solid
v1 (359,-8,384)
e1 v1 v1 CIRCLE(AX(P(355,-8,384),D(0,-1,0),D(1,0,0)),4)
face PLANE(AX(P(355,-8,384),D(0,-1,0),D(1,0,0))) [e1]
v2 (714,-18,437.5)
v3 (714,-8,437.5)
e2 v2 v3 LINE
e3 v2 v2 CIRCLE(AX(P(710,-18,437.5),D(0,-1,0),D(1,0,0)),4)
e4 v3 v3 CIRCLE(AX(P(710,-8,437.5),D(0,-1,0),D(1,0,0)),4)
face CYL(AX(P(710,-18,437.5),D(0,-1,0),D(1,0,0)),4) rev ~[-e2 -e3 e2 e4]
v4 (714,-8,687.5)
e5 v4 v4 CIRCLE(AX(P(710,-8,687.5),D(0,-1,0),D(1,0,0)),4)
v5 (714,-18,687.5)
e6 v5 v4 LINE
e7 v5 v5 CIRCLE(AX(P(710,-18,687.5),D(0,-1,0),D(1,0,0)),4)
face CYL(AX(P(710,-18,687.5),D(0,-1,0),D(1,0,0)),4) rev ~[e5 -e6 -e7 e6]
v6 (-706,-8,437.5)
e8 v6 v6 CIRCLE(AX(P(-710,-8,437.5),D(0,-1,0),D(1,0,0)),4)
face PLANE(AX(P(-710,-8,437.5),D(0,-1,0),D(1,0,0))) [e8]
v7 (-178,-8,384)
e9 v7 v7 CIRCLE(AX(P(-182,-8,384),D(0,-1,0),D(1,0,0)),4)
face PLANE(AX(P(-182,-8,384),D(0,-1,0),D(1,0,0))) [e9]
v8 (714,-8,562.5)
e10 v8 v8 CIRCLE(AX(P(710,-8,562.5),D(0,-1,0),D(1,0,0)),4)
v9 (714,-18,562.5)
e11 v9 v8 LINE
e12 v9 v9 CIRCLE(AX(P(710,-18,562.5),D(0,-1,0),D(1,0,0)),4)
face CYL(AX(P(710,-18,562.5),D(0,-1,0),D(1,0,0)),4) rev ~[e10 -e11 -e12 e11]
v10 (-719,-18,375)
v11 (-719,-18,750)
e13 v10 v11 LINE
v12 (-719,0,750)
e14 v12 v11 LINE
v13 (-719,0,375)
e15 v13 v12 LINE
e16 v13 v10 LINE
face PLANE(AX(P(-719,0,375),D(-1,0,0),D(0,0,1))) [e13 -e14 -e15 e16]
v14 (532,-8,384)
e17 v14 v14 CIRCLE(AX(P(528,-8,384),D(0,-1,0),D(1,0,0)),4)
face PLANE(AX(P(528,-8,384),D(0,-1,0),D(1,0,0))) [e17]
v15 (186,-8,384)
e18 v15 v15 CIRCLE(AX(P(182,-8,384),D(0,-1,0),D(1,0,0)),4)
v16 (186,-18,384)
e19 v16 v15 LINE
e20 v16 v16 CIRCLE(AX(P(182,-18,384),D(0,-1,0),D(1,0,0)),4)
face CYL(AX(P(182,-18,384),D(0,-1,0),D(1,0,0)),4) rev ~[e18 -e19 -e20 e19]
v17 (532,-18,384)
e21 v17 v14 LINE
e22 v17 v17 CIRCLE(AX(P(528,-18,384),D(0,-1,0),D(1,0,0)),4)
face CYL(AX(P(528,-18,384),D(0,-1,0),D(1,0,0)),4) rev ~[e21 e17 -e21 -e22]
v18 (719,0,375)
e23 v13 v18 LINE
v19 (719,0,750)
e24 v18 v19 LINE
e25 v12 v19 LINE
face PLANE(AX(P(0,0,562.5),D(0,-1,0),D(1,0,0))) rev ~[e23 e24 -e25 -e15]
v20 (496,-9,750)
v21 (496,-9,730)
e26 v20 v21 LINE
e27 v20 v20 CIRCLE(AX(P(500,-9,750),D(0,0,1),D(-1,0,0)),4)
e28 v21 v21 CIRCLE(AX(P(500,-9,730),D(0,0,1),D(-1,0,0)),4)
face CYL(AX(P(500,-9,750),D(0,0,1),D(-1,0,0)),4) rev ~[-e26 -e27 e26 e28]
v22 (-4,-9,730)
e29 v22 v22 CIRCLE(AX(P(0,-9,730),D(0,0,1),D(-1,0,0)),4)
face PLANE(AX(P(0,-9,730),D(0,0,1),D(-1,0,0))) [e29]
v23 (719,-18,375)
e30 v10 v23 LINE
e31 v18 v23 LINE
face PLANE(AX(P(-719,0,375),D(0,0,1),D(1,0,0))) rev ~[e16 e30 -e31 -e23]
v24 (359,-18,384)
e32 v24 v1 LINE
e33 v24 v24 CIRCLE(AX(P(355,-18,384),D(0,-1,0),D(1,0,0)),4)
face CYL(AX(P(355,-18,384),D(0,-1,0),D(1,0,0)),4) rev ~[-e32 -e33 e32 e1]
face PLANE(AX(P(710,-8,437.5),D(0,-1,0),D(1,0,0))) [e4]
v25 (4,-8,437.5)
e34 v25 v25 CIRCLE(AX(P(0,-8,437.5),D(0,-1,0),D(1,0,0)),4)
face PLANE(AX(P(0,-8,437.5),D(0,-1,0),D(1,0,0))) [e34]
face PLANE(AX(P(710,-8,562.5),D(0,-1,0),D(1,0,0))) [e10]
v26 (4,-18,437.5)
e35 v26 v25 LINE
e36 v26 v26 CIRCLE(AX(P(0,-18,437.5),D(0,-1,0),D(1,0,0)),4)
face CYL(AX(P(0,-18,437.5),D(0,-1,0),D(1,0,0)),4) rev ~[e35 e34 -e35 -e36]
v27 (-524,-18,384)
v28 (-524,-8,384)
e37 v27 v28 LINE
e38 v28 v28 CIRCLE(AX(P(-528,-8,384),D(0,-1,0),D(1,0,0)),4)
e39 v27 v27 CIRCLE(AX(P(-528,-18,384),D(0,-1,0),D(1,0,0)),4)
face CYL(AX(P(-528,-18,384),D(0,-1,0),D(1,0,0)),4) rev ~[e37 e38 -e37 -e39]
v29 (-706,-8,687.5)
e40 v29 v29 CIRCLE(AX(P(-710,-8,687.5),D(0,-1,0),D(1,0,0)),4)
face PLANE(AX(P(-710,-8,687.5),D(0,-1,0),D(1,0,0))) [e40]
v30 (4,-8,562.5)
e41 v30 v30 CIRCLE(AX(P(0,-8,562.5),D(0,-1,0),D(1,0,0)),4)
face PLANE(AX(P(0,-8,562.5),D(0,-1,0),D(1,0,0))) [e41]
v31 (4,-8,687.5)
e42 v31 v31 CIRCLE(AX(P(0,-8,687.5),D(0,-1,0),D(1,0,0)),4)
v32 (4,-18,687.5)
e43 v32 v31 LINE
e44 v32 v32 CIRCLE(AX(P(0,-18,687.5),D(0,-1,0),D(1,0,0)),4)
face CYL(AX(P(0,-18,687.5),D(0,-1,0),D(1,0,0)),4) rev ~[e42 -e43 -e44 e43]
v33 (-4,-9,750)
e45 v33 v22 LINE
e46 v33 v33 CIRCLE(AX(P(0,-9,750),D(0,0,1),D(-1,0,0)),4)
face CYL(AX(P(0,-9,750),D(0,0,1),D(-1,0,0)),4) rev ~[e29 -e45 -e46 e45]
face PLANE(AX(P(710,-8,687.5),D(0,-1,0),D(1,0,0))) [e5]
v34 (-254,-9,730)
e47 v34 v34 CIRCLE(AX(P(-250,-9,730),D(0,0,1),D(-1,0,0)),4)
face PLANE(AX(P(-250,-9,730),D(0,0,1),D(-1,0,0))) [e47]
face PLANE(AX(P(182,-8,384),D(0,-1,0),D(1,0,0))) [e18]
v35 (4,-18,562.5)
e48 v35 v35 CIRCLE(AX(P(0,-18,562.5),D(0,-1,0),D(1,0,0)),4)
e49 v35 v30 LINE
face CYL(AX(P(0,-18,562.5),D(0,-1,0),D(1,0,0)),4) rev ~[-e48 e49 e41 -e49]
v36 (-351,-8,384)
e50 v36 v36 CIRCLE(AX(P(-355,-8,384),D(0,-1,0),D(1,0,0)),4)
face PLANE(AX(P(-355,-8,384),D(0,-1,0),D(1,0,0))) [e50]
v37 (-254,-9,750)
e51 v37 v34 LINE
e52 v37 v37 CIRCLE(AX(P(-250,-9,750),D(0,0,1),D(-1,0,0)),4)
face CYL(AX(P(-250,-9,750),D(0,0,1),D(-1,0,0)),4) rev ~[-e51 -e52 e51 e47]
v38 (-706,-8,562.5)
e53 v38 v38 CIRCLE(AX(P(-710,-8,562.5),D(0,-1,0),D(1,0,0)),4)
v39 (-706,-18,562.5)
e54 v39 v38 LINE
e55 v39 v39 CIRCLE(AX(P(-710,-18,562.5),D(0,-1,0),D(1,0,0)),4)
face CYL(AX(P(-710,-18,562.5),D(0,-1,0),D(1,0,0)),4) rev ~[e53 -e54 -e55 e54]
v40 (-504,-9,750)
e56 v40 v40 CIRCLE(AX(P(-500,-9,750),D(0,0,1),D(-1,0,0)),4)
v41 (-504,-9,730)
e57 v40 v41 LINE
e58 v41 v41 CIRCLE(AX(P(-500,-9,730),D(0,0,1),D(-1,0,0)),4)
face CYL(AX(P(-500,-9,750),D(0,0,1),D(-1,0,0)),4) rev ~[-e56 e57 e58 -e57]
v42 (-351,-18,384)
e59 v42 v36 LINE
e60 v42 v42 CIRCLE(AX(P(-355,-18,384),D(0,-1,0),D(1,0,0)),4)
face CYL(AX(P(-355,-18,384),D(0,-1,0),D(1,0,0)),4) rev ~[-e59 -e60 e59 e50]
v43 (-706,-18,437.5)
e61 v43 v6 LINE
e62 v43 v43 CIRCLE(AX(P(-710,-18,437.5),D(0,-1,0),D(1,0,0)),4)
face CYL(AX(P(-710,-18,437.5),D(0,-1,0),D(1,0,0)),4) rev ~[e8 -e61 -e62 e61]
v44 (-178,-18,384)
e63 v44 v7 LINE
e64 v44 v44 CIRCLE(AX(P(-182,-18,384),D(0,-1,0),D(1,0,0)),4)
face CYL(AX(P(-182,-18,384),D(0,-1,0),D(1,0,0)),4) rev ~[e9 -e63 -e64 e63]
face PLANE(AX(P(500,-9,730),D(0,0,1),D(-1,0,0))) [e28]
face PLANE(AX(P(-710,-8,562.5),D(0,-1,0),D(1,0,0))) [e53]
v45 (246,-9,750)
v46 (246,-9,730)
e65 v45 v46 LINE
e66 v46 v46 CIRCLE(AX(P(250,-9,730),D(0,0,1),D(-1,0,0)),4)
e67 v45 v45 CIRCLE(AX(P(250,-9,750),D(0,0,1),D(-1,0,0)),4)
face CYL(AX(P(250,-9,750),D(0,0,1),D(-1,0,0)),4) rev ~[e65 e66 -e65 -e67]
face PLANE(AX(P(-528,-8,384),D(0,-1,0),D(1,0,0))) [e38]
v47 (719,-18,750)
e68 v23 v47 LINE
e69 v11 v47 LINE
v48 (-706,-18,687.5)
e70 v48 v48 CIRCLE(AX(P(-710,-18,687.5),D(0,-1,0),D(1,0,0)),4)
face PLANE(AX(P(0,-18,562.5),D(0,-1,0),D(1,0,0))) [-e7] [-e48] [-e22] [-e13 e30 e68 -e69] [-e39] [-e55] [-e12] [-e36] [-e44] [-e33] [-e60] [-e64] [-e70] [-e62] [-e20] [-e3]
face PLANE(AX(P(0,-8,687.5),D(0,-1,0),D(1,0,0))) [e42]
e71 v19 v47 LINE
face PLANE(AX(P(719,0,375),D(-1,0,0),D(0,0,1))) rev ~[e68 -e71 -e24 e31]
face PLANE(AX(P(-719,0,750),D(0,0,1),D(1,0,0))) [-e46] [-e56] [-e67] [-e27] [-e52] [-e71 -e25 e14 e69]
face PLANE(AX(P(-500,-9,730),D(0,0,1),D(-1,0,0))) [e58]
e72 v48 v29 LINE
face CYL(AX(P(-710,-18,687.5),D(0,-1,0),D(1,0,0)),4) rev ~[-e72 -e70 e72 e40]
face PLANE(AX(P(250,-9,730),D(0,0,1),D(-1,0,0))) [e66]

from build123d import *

# Parameters (mm, degrees)
SKETCH068_W     = 1438
SKETCH068_H     = 375
PAD026_DEPTH    = 18
SKETCH075_R     = 4
POCKET026_DEPTH = 10
SKETCH076_R     = 4
POCKET_DEPTH    = 20


with BuildPart() as part:
    # Sketch068 → Pad026 (new body)
    with BuildSketch(Plane.XZ):
        with Locations((0, 562.5)):
            Rectangle(SKETCH068_W, SKETCH068_H)
    extrude(amount=PAD026_DEPTH)

    # Sketch075 (on Face6 of Pad026) → Pocket026 (cut)
    with BuildSketch(Plane.XZ.offset(18)):
        with Locations((-710, 687.5)):
            Circle(SKETCH075_R)
        with Locations((-710, 562.5)):
            Circle(SKETCH075_R)
        with Locations((-710, 437.5)):
            Circle(SKETCH075_R)
        with Locations((0, 562.5)):
            Circle(SKETCH075_R)
        with Locations((0, 687.5)):
            Circle(SKETCH075_R)
        with Locations((0, 437.5)):
            Circle(SKETCH075_R)
        with Locations((710, 687.5)):
            Circle(SKETCH075_R)
        with Locations((710, 562.5)):
            Circle(SKETCH075_R)
        with Locations((710, 437.5)):
            Circle(SKETCH075_R)
        with Locations((182, 384)):
            Circle(SKETCH075_R)
        with Locations((355, 384)):
            Circle(SKETCH075_R)
        with Locations((528, 384)):
            Circle(SKETCH075_R)
        with Locations((-528, 384)):
            Circle(SKETCH075_R)
        with Locations((-355, 384)):
            Circle(SKETCH075_R)
        with Locations((-182, 384)):
            Circle(SKETCH075_R)
    extrude(amount=-POCKET026_DEPTH, mode=Mode.SUBTRACT)

    # Sketch076 (on Face1 of Pocket026) → Pocket (cut)
    with BuildSketch(Plane(origin=(0, 0, 750), x_dir=(-1, 0, 0), z_dir=(0, 0, 1))):
        with Locations((0, 9)):
            Circle(SKETCH076_R)
        with Locations((-250, 9)):
            Circle(SKETCH076_R)
        with Locations((-500, 9)):
            Circle(SKETCH076_R)
        with Locations((250, 9)):
            Circle(SKETCH076_R)
        with Locations((500, 9)):
            Circle(SKETCH076_R)
    extrude(amount=-POCKET_DEPTH, mode=Mode.SUBTRACT)


solid = part.part
